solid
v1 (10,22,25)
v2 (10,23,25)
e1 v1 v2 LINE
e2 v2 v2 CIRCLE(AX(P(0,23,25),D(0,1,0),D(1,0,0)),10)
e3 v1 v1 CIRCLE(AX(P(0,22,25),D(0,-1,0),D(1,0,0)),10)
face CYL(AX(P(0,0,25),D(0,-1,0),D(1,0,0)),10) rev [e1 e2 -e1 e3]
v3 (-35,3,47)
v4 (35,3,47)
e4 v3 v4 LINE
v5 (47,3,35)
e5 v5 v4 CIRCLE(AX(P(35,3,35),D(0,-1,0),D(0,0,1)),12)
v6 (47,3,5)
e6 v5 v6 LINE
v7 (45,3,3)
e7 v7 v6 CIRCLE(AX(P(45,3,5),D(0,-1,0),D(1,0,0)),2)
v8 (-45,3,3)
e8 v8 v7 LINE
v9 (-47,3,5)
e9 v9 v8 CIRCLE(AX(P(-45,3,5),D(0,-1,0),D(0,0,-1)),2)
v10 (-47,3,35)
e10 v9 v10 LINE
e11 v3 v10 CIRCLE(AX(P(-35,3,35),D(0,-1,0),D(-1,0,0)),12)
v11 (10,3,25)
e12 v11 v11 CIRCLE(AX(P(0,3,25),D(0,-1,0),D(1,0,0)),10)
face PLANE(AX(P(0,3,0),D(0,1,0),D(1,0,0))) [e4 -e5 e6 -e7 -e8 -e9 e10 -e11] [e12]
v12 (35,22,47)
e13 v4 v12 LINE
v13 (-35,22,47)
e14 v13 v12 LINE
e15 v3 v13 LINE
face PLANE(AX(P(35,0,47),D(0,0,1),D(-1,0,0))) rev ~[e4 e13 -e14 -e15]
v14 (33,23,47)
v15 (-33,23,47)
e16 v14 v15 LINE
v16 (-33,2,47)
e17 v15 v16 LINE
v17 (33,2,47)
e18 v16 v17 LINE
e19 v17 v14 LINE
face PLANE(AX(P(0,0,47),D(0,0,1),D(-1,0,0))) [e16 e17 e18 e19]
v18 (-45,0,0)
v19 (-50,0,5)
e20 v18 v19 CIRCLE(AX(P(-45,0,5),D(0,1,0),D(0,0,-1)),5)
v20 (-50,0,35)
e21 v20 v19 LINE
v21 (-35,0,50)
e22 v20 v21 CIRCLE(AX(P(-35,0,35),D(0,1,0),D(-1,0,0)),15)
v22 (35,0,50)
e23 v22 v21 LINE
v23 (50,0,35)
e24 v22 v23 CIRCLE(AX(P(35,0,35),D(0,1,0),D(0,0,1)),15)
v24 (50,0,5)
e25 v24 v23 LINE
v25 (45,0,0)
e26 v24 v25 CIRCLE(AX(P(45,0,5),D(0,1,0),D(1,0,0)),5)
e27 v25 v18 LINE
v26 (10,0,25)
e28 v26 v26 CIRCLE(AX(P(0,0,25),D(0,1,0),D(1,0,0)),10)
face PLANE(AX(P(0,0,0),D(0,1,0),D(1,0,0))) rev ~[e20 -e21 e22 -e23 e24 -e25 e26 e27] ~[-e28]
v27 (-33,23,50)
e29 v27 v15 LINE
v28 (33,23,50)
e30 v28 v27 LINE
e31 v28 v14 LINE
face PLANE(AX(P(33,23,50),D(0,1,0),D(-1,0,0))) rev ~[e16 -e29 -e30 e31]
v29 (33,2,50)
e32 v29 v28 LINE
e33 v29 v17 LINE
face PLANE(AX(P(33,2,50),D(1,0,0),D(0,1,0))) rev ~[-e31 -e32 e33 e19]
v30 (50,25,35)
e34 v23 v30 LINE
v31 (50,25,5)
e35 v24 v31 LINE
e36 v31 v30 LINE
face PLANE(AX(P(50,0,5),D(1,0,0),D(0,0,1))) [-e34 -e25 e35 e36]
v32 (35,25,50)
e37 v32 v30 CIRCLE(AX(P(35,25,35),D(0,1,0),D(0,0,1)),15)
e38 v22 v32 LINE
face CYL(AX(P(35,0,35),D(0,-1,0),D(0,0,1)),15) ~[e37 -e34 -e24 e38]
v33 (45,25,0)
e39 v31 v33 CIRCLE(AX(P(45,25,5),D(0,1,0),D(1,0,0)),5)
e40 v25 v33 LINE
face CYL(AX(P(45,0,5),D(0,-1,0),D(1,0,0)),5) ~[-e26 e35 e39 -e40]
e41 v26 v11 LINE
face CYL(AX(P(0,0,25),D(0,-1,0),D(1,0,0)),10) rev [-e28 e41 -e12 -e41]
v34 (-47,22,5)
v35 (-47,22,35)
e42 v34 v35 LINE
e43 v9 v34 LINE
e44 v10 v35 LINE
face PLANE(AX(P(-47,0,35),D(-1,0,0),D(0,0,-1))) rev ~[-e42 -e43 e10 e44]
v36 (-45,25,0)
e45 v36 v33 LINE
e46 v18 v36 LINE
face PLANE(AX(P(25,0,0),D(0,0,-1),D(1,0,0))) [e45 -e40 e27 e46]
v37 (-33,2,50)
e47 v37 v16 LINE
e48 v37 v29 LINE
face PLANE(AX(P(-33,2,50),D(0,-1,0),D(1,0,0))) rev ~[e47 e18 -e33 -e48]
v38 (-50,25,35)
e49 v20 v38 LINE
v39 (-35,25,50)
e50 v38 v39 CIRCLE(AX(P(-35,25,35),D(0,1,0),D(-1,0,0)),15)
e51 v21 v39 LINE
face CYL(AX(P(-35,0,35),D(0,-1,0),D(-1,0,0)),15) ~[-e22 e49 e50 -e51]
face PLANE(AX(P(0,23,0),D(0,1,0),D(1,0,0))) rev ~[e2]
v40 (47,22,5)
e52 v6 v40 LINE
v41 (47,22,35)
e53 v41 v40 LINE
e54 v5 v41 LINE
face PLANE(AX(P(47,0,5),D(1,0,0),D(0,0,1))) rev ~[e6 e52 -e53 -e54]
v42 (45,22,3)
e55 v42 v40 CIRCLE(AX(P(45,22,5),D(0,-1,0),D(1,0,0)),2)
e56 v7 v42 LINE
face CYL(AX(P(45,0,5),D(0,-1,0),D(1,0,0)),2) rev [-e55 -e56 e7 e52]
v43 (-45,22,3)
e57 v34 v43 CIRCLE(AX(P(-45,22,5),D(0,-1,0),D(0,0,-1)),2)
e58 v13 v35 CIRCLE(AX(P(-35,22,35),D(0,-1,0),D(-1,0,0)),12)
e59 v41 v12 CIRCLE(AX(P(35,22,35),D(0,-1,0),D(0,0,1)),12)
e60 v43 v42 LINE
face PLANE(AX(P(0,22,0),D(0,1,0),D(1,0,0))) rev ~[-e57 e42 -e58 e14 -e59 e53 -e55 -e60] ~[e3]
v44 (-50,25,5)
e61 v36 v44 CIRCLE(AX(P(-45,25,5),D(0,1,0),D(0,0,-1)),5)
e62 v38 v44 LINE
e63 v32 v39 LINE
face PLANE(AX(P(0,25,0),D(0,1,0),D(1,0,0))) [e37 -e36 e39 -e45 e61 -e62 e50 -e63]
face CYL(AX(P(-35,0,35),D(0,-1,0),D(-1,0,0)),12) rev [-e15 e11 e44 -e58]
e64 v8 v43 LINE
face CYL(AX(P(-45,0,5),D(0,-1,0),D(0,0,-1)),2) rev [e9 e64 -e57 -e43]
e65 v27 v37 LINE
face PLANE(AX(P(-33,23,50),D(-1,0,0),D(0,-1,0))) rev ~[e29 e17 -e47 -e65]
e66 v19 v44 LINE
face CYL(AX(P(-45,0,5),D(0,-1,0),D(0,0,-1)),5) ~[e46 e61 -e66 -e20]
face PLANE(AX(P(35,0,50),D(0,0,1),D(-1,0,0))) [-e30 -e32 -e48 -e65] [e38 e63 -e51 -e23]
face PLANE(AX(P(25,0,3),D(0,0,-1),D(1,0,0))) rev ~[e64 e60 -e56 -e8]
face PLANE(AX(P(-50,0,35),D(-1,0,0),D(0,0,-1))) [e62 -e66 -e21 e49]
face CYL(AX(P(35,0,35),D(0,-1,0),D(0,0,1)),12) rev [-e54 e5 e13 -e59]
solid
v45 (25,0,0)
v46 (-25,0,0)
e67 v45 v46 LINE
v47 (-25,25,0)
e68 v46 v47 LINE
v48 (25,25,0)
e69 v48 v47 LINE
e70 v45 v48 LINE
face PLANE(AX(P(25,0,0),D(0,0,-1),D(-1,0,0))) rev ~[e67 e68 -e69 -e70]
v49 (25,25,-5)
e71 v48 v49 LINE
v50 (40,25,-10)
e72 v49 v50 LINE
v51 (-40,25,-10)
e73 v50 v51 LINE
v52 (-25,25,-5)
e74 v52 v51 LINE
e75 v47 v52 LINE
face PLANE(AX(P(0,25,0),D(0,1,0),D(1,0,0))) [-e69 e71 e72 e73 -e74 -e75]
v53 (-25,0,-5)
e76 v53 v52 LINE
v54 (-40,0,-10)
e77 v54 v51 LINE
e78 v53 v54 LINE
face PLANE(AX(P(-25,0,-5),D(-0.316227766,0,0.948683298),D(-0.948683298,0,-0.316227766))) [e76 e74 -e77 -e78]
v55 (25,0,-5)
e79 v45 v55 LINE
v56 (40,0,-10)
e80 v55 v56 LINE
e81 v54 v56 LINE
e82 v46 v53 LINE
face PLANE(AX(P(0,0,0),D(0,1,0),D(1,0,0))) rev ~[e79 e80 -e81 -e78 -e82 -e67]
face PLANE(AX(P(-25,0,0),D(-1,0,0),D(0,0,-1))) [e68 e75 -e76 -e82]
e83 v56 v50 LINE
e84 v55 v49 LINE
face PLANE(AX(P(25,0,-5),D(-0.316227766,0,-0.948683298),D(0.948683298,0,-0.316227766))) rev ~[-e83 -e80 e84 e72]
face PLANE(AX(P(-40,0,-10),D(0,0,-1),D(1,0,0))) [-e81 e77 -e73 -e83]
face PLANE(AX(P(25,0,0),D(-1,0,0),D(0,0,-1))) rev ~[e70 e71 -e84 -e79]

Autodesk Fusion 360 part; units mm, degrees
sketch "Sketch1" plane through (0, 0, 0) normal (0, 1, 0) x (1, 0, 0)
  line L0 (0, -35) -> (0, 22.8292) construction
  line L1 (25, 0) -> (25, 5)
  line L2 (25, 5) -> (40, 10)
  line L3 (40, 10) -> (0, 10)
  line L4 (-25, 0) -> (-25, 5)
  line L5 (-25, 5) -> (-40, 10)
  line L6 (-40, 10) -> (0, 10)
  line L7 (25, 0) -> (45, 0)
  line L8 (50, -5) -> (50, -35)
  line L9 (35, -50) -> (-35, -50)
  line L10 (-50, -35) -> (-50, -5)
  line L11 (-45, 0) -> (-25, 0)
  circle A0 centre (0, -25) radius 10
  arc A1 (35, -50) -> (50, -35) centre (35, -35) ccw
  arc A2 (-50, -35) -> (-35, -50) centre (-35, -35) ccw
  arc A3 (-45, 0) -> (-50, -5) centre (-45, -5) ccw
  arc A4 (50, -5) -> (45, 0) centre (45, -5) ccw
  point P0 (50, 0)
  point P1 (50, -50)
  dimension "d5" = 40
  dimension "d6" = 5
  dimension "d7" = 25
  dimension "d8" = 5
  dimension "d9" = 50
  dimension "d10" = 20
  dimension "d11" = 25
  dimension "d14" = 15
  dimension "d15" = 15
  dimension "d16" = 5
  dimension "d17" = 5
extrude "Extrude1" add sketch "Sketch1" along normal blind 25 contours L1 L2 L3 L4 L5 L6 L7 L8 L9 L10 L11 A1 A2 A3 A4 | A0 makes body 1
split "Split1" by plane through (25, 0, 0) normal (0, 0, -1) bodies 1 makes body 2 at (-13.3333, 8.3333, -10)
sketch "Sketch2" plane through (0, 0, 50) normal (0, 0, 1) x (-1, 0, 0)
  line L0 (35, 0) -> (-35, 0)
  line L1 (-35, 0) -> (-35, -25)
  line L2 (-35, -25) -> (35, -25)
  line L3 (35, -25) -> (35, 0)
  line L4 (33, -2) -> (-33, -2)
  line L5 (-33, -2) -> (-33, -23)
  line L6 (-33, -23) -> (33, -23)
  line L7 (33, -23) -> (33, -2)
  dimension "d18" = -2
extrude "Extrude2" cut sketch "Sketch2" against normal blind 3 contours L4 L5 L6 L7 bodies 1
shell "Shell1" thickness 3 removed faces 1 at (11, 9, 47) on bodies 1
extrude "Extrude3" cut sketch "Sketch1" along normal blind 23 contours A0 bodies 1
